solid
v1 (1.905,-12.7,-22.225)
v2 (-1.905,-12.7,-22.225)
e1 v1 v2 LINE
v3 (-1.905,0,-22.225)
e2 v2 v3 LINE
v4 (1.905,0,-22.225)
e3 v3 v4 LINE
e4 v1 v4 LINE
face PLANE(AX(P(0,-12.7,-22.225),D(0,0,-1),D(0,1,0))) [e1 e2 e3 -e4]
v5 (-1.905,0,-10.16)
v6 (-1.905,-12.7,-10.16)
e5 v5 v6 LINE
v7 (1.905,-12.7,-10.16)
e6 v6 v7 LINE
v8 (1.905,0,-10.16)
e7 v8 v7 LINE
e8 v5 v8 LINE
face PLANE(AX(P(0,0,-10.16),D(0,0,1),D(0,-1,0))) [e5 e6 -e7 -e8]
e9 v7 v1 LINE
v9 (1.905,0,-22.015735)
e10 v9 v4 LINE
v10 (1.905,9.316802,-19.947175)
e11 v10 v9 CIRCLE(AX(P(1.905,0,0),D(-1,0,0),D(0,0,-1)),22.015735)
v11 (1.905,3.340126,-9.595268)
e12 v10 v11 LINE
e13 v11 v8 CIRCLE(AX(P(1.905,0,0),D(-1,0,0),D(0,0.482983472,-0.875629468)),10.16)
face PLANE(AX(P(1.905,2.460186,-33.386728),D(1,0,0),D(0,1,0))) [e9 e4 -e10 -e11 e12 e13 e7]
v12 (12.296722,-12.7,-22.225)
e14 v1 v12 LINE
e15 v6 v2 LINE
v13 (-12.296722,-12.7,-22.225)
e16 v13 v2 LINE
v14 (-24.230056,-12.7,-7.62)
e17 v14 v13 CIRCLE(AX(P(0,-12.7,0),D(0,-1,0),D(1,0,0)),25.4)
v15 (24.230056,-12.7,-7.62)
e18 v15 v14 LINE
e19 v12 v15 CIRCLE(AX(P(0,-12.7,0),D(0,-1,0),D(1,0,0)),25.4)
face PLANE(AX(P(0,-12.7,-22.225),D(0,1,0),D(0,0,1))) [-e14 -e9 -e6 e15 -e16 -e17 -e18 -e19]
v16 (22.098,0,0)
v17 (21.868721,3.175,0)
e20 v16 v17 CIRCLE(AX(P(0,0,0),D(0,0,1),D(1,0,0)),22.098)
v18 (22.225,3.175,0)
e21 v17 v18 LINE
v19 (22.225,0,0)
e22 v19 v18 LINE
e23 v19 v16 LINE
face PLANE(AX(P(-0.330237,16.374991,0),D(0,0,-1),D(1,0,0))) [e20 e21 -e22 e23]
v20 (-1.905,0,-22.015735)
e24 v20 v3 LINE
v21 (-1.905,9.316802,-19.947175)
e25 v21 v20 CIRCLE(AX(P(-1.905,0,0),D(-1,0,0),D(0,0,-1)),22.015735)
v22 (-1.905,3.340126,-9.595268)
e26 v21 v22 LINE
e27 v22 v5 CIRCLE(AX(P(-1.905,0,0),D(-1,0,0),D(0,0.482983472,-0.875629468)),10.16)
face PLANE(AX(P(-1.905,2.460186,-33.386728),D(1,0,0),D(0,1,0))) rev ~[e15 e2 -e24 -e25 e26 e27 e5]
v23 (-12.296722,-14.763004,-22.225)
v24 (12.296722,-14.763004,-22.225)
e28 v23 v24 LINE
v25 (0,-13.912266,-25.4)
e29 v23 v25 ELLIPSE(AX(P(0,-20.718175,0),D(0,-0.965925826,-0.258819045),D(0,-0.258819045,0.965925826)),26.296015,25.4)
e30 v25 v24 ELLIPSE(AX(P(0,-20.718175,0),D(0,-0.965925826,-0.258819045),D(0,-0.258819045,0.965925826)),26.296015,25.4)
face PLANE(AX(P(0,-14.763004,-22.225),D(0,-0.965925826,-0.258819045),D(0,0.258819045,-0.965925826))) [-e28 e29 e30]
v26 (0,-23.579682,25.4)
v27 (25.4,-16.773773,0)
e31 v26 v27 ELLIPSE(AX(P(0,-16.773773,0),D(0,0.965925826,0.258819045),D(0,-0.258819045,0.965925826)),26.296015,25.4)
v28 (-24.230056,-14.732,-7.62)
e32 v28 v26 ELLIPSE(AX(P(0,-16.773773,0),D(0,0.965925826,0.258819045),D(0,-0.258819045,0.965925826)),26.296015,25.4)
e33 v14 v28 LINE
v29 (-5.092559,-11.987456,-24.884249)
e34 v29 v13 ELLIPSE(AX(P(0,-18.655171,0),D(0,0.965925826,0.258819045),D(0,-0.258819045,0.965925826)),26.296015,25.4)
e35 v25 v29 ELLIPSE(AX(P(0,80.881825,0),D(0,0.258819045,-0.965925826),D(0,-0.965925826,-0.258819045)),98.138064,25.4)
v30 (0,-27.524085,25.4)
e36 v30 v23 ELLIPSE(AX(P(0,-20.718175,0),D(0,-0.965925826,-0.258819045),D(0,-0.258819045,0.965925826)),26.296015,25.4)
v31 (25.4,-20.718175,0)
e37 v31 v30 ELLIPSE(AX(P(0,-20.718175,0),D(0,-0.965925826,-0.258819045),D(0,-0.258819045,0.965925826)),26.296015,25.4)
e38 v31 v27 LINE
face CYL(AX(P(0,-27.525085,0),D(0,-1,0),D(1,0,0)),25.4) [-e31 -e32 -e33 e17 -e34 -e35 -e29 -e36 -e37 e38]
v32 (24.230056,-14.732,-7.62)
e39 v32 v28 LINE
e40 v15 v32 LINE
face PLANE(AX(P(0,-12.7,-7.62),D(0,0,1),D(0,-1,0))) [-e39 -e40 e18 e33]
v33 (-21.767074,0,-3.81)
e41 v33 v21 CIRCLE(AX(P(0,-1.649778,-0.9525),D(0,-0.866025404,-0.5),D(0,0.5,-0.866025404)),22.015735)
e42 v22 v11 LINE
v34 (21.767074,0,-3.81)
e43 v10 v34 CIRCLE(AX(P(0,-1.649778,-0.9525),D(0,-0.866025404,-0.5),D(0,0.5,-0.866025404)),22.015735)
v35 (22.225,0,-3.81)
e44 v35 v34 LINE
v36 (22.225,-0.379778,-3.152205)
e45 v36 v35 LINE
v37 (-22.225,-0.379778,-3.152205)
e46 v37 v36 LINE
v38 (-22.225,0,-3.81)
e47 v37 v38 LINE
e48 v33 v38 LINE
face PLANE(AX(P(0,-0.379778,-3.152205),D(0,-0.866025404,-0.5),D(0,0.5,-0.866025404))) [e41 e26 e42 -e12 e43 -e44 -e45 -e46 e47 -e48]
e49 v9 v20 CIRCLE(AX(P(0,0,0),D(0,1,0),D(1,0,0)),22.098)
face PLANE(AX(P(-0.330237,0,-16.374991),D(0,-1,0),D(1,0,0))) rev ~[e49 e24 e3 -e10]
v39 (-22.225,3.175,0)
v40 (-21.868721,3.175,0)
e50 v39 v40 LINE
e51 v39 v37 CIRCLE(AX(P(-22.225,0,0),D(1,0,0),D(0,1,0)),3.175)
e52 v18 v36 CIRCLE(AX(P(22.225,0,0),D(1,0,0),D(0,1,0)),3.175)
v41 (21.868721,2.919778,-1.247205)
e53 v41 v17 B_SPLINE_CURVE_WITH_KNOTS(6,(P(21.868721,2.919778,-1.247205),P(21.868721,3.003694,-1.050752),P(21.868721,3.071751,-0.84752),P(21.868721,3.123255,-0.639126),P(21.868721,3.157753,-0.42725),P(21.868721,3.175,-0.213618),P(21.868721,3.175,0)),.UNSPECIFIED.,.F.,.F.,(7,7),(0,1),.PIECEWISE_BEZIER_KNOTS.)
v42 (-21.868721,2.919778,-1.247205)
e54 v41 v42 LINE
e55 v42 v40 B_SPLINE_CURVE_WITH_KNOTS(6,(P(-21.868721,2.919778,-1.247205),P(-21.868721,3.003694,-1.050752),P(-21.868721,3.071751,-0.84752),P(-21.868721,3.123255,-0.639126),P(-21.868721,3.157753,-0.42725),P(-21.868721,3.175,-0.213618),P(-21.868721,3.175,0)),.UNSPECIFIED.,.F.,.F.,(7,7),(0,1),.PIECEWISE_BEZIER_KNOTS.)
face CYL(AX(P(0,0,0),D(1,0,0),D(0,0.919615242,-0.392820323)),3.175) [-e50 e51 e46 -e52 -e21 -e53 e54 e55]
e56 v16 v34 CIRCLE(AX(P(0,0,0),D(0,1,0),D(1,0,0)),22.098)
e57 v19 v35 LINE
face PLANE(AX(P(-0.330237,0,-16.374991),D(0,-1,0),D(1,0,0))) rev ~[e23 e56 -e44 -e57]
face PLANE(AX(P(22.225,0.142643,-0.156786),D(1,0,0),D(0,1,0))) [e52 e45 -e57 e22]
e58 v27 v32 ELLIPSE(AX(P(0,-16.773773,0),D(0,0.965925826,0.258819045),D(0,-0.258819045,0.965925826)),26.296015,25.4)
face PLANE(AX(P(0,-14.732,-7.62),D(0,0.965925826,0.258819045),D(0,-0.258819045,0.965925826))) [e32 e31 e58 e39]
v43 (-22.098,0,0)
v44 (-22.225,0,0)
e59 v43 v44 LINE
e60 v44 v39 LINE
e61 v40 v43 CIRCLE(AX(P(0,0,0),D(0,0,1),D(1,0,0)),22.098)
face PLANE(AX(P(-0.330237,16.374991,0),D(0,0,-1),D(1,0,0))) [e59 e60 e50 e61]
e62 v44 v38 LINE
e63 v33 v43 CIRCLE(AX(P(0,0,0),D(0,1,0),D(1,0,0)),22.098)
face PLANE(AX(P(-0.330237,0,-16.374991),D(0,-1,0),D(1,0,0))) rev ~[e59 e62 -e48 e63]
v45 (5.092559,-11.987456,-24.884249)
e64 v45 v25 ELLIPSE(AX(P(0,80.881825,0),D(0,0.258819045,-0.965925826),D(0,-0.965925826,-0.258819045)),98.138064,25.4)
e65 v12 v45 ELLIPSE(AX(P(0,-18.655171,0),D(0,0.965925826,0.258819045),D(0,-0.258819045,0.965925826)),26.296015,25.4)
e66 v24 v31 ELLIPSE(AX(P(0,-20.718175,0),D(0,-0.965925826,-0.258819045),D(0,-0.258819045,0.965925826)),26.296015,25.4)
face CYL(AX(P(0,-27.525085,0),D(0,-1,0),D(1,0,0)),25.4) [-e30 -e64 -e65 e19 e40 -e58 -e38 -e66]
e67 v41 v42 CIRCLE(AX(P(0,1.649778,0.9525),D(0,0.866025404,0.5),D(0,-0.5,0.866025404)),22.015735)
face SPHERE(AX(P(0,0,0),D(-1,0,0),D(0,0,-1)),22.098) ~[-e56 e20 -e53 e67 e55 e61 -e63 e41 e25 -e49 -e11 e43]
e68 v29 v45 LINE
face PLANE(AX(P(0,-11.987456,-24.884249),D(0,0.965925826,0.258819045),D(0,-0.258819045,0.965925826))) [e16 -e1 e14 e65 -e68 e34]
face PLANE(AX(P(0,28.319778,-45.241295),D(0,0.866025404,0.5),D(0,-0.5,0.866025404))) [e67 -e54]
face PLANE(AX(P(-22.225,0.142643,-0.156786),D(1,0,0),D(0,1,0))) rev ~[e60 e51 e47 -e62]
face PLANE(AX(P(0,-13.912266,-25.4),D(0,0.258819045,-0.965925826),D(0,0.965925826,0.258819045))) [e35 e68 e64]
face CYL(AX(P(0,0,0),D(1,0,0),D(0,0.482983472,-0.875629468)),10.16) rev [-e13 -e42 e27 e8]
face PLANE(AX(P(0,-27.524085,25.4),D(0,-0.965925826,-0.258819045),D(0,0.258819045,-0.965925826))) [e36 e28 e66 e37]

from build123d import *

# Parameters (mm, degrees)
F1_DEPTH  = 22.225
F3_DEPTH  = 1.905
F5_DEPTH  = 38.1
F7_ANGLE  = 90
F9_DEPTH  = 31.75
F11_START = 27.5250845814
F10_R     = 25.4
F11_DEPTH = 40.1837304781


with BuildPart() as f1:
    # F0 (on Right) → F1 (new body, symmetric)
    with BuildSketch(Plane.YZ):
        with BuildLine():
            ThreePointArc((2.9197783942, -1.2472045256), (3.1105402587, -0.6365251756), (3.175, 0))
            ThreePointArc((3.175, 0), (-2.1065171016, 2.3755442957), (-0.3797783942, -3.1522045256))
            ThreePointArc((-0.3797783942, -3.1522045256), (1.5875, -2.749630657), (2.9197783942, -1.2472045256))
        make_face()
        with BuildLine():
            ThreePointArc((2.9197783942, -1.2472045256), (1.5875, -2.749630657), (-0.3797783942, -3.1522045256))
            Line((-0.3797783942, -3.1522045256), (25.0202216058, -47.1462950379))
            Line((25.0202216058, -47.1462950379), (28.3197783942, -45.2412950379))
            Line((28.3197783942, -45.2412950379), (2.9197783942, -1.2472045256))
        make_face()
    extrude(amount=F1_DEPTH, both=True)

    # F2 (on Right) → F3 (join, symmetric)
    with BuildSketch(Plane.YZ):
        with BuildLine():
            Line((26.4980818491, -46.2930520286), (4.9071120764, -8.8963953976))
            ThreePointArc((4.9071120764, -8.8963953976), (2.5335965307, -9.8390288453), (0, -10.16))
            Line((0, -10.16), (-12.7, -10.16))
            Line((-12.7, -10.16), (-12.7, -53.3403694007))
            Line((-12.7, -53.3403694007), (0, -53.3403694007))
            ThreePointArc((0, -53.3403694007), (13.7096045149, -51.5484408285), (26.4980818491, -46.2930520286))
        make_face()
    extrude(amount=F3_DEPTH, both=True)

    # F4 (on Right) → F5 (intersect, symmetric)
    with BuildSketch(Plane.YZ):
        with BuildLine():
            Line((-12.7, -22.225), (0, -22.225))
            ThreePointArc((0, -22.225), (21.2050948807, 6.6554170492), (-12.7, 18.2389864028))
            Line((-12.7, 18.2389864028), (-12.7, -22.225))
        make_face()
    extrude(amount=F5_DEPTH, both=True, mode=Mode.INTERSECT)

    # F6 (on Front) → F7 (revolve, cut)
    with BuildSketch(Plane.XZ):
        with BuildLine():
            Line((29.537089169, 0), (22.098, 0))
            ThreePointArc((22.098, 0), (0, -22.098), (-22.098, 0))
            Line((-22.098, 0), (-30.2814375609, 0))
            Line((-30.2814375609, 0), (-30.2814375609, -27.1878223866))
            Line((-30.2814375609, -27.1878223866), (29.537089169, -27.1878223866))
            Line((29.537089169, -27.1878223866), (29.537089169, 0))
        make_face()
    revolve(axis=Axis((11.049, 0, 0), (1, 0, 0)), revolution_arc=F7_ANGLE, mode=Mode.SUBTRACT)

    # F8 (on Right) → F9 (join, symmetric)
    with BuildSketch(Plane.YZ):
        Polygon((-23.5796823341, 25.4), (-27.5240845814, 25.4), (-14.7630042919, -22.225), (-12.7, -22.225), (-12.7, -7.62), (-14.732, -7.62), align=None)
        Polygon((-12.7, -22.225), (-14.7630042919, -22.225), (-13.9122656059, -25.4), (-11.9874563975, -24.884248927), align=None)
    extrude(amount=F9_DEPTH, both=True)

    # F10 (on Front) → F11 (intersect)
    with BuildSketch(Plane.XZ.offset(F11_START)):
        Circle(F10_R)
    extrude(amount=-F11_DEPTH, mode=Mode.INTERSECT)


solid = f1.part
